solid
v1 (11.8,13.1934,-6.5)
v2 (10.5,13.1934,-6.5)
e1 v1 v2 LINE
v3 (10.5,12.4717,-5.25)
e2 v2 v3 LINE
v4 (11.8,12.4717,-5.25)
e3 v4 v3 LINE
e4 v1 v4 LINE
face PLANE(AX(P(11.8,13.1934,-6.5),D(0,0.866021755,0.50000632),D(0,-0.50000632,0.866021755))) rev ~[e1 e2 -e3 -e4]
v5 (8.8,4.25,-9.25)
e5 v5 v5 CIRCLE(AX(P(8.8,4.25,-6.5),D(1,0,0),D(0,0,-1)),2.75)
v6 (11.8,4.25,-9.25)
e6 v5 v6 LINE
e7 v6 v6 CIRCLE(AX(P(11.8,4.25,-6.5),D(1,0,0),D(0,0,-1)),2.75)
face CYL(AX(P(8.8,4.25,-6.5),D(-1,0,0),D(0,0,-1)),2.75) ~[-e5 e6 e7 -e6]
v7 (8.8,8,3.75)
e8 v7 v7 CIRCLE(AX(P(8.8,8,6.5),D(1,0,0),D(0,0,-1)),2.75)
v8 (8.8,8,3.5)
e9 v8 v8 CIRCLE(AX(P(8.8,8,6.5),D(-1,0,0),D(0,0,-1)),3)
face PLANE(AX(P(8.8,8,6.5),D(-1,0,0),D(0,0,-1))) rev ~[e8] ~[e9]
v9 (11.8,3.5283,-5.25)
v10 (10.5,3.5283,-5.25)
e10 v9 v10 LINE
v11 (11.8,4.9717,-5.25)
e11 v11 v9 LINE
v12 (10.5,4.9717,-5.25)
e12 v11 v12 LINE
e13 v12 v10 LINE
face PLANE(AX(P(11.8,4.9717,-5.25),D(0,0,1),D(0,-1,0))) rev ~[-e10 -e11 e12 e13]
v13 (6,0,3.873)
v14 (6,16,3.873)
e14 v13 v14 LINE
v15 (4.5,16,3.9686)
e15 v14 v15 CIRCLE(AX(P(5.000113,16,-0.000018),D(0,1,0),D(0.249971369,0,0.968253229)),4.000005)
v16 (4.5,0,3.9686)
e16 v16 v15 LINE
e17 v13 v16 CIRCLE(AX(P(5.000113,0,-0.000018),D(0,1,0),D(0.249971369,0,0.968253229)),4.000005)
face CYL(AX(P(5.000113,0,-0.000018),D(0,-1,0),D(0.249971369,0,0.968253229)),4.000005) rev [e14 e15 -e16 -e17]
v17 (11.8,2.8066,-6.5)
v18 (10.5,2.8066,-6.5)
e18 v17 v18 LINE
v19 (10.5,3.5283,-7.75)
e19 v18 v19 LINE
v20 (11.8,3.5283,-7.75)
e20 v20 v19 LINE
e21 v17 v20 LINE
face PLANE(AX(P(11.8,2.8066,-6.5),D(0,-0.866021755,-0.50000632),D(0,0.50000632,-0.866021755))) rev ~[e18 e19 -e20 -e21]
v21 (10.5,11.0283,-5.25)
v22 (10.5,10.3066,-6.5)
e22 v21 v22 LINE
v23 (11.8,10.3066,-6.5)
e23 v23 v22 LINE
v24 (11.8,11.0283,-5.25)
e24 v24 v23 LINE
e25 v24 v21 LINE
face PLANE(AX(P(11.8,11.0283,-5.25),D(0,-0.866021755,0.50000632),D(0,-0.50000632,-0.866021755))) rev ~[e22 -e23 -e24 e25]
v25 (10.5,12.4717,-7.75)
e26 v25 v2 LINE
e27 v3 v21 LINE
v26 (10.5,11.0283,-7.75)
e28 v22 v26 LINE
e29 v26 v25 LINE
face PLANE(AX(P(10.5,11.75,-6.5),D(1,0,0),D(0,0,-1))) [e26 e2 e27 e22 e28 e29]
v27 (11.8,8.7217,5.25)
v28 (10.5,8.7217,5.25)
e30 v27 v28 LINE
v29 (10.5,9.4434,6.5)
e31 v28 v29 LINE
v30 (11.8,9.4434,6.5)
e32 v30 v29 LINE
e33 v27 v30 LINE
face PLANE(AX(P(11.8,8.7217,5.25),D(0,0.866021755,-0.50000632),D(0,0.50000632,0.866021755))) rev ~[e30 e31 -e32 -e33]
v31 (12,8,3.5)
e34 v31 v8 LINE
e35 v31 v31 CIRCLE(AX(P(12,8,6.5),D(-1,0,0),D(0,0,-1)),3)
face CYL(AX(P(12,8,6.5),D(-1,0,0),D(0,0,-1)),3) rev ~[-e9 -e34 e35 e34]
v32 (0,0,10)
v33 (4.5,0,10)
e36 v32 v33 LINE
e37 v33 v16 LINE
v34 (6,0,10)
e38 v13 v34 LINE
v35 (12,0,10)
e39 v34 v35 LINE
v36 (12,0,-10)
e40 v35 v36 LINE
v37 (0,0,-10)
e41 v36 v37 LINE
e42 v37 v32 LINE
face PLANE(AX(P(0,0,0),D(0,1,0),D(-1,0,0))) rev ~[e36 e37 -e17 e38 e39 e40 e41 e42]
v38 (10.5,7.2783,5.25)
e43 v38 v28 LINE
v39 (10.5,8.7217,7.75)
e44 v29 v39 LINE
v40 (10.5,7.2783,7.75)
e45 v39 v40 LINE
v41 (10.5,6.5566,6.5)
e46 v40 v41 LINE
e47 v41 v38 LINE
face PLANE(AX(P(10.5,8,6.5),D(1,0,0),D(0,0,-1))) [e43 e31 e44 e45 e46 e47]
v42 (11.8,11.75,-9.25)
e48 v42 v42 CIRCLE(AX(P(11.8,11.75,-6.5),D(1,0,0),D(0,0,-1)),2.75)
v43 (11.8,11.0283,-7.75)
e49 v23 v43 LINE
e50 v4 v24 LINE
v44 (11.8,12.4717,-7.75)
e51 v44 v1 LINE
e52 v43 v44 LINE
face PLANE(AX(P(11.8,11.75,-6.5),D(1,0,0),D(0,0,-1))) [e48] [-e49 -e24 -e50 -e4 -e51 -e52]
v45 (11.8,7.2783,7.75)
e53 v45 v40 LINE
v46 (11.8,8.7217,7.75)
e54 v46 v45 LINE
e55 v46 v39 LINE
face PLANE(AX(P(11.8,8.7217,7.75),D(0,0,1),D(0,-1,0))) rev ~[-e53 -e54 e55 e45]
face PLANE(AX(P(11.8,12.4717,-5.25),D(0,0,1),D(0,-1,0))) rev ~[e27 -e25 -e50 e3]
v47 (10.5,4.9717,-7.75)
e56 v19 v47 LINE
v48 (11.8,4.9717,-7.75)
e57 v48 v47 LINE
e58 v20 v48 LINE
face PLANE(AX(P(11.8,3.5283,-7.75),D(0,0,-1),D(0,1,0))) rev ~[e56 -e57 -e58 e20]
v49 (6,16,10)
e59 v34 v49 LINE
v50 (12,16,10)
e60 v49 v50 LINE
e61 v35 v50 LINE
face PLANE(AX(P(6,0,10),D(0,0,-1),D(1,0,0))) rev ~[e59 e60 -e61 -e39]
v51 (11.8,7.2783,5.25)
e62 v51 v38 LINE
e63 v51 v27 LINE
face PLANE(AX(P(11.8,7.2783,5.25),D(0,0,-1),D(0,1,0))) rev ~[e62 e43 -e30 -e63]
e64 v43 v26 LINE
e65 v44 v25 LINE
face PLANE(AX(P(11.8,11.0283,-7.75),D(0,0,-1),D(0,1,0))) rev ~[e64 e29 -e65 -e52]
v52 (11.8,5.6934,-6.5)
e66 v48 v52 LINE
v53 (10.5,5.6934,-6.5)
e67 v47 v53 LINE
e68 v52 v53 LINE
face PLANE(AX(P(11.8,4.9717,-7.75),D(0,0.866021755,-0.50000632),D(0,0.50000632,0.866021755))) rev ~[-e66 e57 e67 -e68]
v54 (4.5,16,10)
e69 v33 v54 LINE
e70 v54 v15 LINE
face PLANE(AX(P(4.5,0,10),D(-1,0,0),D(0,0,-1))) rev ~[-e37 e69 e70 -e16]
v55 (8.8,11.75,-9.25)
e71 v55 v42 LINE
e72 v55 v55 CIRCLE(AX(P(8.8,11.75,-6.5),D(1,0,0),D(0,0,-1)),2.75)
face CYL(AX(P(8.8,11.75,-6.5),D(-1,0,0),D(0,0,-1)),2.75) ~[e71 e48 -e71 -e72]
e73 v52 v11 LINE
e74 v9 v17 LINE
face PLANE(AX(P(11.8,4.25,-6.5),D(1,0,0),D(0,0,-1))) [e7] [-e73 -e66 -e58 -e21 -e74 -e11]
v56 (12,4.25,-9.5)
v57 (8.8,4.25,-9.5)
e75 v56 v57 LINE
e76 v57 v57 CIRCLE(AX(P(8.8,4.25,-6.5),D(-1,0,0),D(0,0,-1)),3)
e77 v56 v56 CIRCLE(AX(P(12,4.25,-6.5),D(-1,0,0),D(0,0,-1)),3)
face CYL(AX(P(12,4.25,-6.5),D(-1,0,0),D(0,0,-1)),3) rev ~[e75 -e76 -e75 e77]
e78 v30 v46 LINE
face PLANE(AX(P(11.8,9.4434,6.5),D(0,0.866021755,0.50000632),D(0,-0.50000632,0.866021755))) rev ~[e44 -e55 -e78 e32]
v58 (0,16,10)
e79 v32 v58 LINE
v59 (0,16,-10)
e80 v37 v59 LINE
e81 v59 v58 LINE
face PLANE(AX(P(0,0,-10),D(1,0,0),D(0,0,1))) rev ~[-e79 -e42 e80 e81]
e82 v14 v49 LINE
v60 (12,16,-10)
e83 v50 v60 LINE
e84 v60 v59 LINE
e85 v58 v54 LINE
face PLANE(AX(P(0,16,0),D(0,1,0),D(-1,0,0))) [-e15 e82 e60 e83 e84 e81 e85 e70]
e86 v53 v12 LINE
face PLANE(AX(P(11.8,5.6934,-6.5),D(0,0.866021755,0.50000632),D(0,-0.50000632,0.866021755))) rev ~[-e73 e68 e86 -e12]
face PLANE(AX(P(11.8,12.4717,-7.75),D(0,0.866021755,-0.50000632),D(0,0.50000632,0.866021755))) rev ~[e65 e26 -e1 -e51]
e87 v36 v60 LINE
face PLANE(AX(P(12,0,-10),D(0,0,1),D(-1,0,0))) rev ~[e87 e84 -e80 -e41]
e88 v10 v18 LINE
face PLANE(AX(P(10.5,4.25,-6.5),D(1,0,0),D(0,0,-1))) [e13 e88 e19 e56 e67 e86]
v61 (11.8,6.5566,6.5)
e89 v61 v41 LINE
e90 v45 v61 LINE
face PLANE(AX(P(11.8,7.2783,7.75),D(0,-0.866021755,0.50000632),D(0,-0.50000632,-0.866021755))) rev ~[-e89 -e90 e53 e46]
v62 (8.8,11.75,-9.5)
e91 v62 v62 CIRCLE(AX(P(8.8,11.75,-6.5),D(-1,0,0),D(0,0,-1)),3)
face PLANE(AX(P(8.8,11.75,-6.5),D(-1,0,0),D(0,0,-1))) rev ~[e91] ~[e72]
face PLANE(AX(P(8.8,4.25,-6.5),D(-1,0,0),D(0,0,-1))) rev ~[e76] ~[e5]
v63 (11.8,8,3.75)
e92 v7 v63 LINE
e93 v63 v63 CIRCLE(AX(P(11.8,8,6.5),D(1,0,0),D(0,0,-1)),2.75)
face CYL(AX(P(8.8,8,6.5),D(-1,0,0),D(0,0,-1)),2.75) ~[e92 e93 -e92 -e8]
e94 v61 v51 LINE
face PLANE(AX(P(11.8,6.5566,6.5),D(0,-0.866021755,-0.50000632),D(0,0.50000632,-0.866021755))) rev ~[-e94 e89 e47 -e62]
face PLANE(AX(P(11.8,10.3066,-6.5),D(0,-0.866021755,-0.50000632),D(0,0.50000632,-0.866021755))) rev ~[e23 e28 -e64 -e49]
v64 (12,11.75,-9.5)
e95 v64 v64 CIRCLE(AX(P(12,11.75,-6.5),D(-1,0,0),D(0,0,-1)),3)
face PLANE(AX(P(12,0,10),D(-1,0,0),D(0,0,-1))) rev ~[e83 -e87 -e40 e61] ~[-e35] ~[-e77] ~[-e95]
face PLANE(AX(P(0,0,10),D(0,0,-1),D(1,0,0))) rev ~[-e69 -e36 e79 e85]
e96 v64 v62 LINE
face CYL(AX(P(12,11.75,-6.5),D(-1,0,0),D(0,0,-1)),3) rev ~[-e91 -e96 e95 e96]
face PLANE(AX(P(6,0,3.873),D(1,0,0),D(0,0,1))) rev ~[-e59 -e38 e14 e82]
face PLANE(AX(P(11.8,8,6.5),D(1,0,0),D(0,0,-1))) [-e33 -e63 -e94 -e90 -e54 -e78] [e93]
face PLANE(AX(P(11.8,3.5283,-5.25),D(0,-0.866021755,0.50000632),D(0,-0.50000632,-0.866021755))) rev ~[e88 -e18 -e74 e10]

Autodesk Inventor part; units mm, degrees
sketch "Skizze_1" plane through (0, 0, 0) normal (0, 1, 0) x (-1, 0, 0)
  line L0 (0, 10) -> (-4.5, 10)
  line L1 (-4.5, 10) -> (-4.5, 3.9686)
  arc A0 (-6, 3.873) -> (-4.5, 3.9686) centre (-5, 0) ccw
  line L2 (-6, 3.873) -> (-6, 10)
  line L3 (-6, 10) -> (-12, 10)
  line L4 (-12, 10) -> (-12, -10)
  line L5 (-12, -10) -> (0, -10)
  line L6 (0, -10) -> (0, 10)
extrude "Extrusion1" add sketch "Skizze_1" along normal blind 16
sketch "Sketch2" plane through (12, 0, 10) normal (1, 0, 0) x (0, 0, -1)
  point P0 (16.5, 4.25)
hole "Hole1" at (12, 4.25, -6.5) direction (-1, 0, 0) diameter 6 depth 3.2
sketch "Sketch3" plane through (12, 0, 10) normal (1, 0, 0) x (0, 0, -1)
  point P0 (16.5, 11.75)
hole "Hole2" at (12, 11.75, -6.5) direction (-1, 0, 0) diameter 6 depth 3.2
sketch "Skizze_5" plane through (8.8, 4.25, -6.5) normal (1, 0, 0) x (0, 0, -1)
  circle A0 centre (0, 0) radius 2.75
extrude "Extrusion2" add sketch "Skizze_5" along normal blind 3
sketch "Skizze_6" plane through (11.8, 4.25, -6.5) normal (1, 0, 0) x (0, 0, -1)
  line L0 (-1.25, -0.7217) -> (0, -1.4434)
  line L1 (0, -1.4434) -> (1.25, -0.7217)
  line L2 (1.25, -0.7217) -> (1.25, 0.7217)
  line L3 (1.25, 0.7217) -> (0, 1.4434)
  line L4 (0, 1.4434) -> (-1.25, 0.7217)
  line L5 (-1.25, 0.7217) -> (-1.25, -0.7217)
extrude "Extrusion3" cut sketch "Skizze_6" against normal blind 1.3
sketch "Skizze_4" plane through (8.8, 11.75, -6.5) normal (1, 0, 0) x (0, 0, -1)
  circle A0 centre (0, 0) radius 2.75
extrude "Extrusion4" add sketch "Skizze_4" along normal blind 3
sketch "Skizze_7" plane through (11.8, 11.75, -6.5) normal (1, 0, 0) x (0, 0, -1)
  line L0 (-1.25, -0.7217) -> (0, -1.4434)
  line L1 (0, -1.4434) -> (1.25, -0.7217)
  line L2 (1.25, -0.7217) -> (1.25, 0.7217)
  line L3 (1.25, 0.7217) -> (0, 1.4434)
  line L4 (0, 1.4434) -> (-1.25, 0.7217)
  line L5 (-1.25, 0.7217) -> (-1.25, -0.7217)
extrude "Extrusion5" cut sketch "Skizze_7" against normal blind 1.3
sketch "Sketch8" plane through (12, 0, 10) normal (1, 0, 0) x (0, 0, -1)
  point P0 (3.5, 8)
hole "Hole3" at (12, 8, 6.5) direction (-1, 0, 0) diameter 6 depth 3.2
sketch "Skizze_12" plane through (8.8, 8, 6.5) normal (1, 0, 0) x (0, 0, -1)
  circle A0 centre (0, 0) radius 2.75
extrude "Extrusion6" add sketch "Skizze_12" along normal blind 3
sketch "Skizze_13" plane through (11.8, 8, 6.5) normal (1, 0, 0) x (0, 0, -1)
  line L0 (-1.25, -0.7217) -> (0, -1.4434)
  line L1 (0, -1.4434) -> (1.25, -0.7217)
  line L2 (1.25, -0.7217) -> (1.25, 0.7217)
  line L3 (1.25, 0.7217) -> (0, 1.4434)
  line L4 (0, 1.4434) -> (-1.25, 0.7217)
  line L5 (-1.25, 0.7217) -> (-1.25, -0.7217)
extrude "Extrusion7" cut sketch "Skizze_13" against normal blind 1.3
ref_plane "Naeherungsschalter_Du8_XY" through (5, 0, 0) normal (0, 1, 0) x (1, 0, 0)
ref_plane "Naeherungsschalter_Du8_YZ" through (5, 0, 0) normal (1, 0, 0) x (0, 0, -1)
ref_plane "Naeherungsschalter_Du8_ZX" through (5, 0, 0) normal (0, 0, -1) x (0, 1, 0)
ref_plane "apzbplus_XY" through (4.5, 11.75, -6.5) normal (0, 1, 0) x (1, 0, 0)
ref_plane "apzbplus_YZ" through (4.5, 11.75, -6.5) normal (1, 0, 0) x (0, 0, -1)
ref_plane "apzbplus_ZX" through (4.5, 11.75, -6.5) normal (0, 0, -1) x (0, 1, 0)
ref_plane "jgz64_XY" through (0, 8, 6.5) normal (0, 0, 1) x (1, 0, 0)
ref_plane "jgz64_YZ" through (0, 8, 6.5) normal (1, 0, 0) x (0, 1, 0)
ref_plane "jgz64_ZX" through (0, 8, 6.5) normal (0, 1, 0) x (0, 0, 1)
ref_plane "jpg64_XY" through (0, 11, 0) normal (1, 0, 0) x (0, 0, -1)
ref_plane "jpg64_YZ" through (0, 11, 0) normal (0, 0, -1) x (0, 1, 0)
ref_plane "jpg64_ZX" through (0, 11, 0) normal (0, 1, 0) x (1, 0, 0)
ref_plane "klh1_XY" through (0, 11.75, -6.5) normal (1, 0, 0) x (0, 0, -1)
ref_plane "klh1_YZ" through (0, 11.75, -6.5) normal (0, 0, -1) x (0, 1, 0)
ref_plane "klh1_ZX" through (0, 11.75, -6.5) normal (0, 1, 0) x (1, 0, 0)
ref_plane "klh_64_XY" through (0, 8, -6.5) normal (1, 0, 0) x (0, 0, -1)
ref_plane "klh_64_YZ" through (0, 8, -6.5) normal (0, 0, -1) x (0, 1, 0)
ref_plane "klh_64_ZX" through (0, 8, -6.5) normal (0, 1, 0) x (1, 0, 0)
ref_plane "klh_80_XY" through (0, 4.25, -6.5) normal (1, 0, 0) x (0, 0, -1)
ref_plane "klh_80_YZ" through (0, 4.25, -6.5) normal (0, 0, -1) x (0, 1, 0)
ref_plane "klh_80_ZX" through (0, 4.25, -6.5) normal (0, 1, 0) x (1, 0, 0)
ref_plane "pzn_300_380_XY" through (4.5, 8, 6.5) normal (0, 0, 1) x (1, 0, 0)
ref_plane "pzn_300_380_YZ" through (4.5, 8, 6.5) normal (1, 0, 0) x (0, 1, 0)
ref_plane "pzn_300_380_ZX" through (4.5, 8, 6.5) normal (0, 1, 0) x (0, 0, 1)
ref_plane "vst___geh_XY" through (0, 0, 0) normal (1, 0, 0) x (0, 0, -1)
ref_plane "vst___geh_YZ" through (0, 0, 0) normal (0, 0, -1) x (0, 1, 0)
ref_plane "vst___geh_ZX" through (0, 0, 0) normal (0, 1, 0) x (1, 0, 0)
ref_plane "vst___geh_2_XY" through (0, 16, 0) normal (1, 0, 0) x (0, 0, -1)
ref_plane "vst___geh_2_YZ" through (0, 16, 0) normal (0, 0, -1) x (0, 1, 0)
ref_plane "vst___geh_2_ZX" through (0, 16, 0) normal (0, 1, 0) x (1, 0, 0)
properties part number "SCHUNK-5503506 Halter fuer NHS KL03"
